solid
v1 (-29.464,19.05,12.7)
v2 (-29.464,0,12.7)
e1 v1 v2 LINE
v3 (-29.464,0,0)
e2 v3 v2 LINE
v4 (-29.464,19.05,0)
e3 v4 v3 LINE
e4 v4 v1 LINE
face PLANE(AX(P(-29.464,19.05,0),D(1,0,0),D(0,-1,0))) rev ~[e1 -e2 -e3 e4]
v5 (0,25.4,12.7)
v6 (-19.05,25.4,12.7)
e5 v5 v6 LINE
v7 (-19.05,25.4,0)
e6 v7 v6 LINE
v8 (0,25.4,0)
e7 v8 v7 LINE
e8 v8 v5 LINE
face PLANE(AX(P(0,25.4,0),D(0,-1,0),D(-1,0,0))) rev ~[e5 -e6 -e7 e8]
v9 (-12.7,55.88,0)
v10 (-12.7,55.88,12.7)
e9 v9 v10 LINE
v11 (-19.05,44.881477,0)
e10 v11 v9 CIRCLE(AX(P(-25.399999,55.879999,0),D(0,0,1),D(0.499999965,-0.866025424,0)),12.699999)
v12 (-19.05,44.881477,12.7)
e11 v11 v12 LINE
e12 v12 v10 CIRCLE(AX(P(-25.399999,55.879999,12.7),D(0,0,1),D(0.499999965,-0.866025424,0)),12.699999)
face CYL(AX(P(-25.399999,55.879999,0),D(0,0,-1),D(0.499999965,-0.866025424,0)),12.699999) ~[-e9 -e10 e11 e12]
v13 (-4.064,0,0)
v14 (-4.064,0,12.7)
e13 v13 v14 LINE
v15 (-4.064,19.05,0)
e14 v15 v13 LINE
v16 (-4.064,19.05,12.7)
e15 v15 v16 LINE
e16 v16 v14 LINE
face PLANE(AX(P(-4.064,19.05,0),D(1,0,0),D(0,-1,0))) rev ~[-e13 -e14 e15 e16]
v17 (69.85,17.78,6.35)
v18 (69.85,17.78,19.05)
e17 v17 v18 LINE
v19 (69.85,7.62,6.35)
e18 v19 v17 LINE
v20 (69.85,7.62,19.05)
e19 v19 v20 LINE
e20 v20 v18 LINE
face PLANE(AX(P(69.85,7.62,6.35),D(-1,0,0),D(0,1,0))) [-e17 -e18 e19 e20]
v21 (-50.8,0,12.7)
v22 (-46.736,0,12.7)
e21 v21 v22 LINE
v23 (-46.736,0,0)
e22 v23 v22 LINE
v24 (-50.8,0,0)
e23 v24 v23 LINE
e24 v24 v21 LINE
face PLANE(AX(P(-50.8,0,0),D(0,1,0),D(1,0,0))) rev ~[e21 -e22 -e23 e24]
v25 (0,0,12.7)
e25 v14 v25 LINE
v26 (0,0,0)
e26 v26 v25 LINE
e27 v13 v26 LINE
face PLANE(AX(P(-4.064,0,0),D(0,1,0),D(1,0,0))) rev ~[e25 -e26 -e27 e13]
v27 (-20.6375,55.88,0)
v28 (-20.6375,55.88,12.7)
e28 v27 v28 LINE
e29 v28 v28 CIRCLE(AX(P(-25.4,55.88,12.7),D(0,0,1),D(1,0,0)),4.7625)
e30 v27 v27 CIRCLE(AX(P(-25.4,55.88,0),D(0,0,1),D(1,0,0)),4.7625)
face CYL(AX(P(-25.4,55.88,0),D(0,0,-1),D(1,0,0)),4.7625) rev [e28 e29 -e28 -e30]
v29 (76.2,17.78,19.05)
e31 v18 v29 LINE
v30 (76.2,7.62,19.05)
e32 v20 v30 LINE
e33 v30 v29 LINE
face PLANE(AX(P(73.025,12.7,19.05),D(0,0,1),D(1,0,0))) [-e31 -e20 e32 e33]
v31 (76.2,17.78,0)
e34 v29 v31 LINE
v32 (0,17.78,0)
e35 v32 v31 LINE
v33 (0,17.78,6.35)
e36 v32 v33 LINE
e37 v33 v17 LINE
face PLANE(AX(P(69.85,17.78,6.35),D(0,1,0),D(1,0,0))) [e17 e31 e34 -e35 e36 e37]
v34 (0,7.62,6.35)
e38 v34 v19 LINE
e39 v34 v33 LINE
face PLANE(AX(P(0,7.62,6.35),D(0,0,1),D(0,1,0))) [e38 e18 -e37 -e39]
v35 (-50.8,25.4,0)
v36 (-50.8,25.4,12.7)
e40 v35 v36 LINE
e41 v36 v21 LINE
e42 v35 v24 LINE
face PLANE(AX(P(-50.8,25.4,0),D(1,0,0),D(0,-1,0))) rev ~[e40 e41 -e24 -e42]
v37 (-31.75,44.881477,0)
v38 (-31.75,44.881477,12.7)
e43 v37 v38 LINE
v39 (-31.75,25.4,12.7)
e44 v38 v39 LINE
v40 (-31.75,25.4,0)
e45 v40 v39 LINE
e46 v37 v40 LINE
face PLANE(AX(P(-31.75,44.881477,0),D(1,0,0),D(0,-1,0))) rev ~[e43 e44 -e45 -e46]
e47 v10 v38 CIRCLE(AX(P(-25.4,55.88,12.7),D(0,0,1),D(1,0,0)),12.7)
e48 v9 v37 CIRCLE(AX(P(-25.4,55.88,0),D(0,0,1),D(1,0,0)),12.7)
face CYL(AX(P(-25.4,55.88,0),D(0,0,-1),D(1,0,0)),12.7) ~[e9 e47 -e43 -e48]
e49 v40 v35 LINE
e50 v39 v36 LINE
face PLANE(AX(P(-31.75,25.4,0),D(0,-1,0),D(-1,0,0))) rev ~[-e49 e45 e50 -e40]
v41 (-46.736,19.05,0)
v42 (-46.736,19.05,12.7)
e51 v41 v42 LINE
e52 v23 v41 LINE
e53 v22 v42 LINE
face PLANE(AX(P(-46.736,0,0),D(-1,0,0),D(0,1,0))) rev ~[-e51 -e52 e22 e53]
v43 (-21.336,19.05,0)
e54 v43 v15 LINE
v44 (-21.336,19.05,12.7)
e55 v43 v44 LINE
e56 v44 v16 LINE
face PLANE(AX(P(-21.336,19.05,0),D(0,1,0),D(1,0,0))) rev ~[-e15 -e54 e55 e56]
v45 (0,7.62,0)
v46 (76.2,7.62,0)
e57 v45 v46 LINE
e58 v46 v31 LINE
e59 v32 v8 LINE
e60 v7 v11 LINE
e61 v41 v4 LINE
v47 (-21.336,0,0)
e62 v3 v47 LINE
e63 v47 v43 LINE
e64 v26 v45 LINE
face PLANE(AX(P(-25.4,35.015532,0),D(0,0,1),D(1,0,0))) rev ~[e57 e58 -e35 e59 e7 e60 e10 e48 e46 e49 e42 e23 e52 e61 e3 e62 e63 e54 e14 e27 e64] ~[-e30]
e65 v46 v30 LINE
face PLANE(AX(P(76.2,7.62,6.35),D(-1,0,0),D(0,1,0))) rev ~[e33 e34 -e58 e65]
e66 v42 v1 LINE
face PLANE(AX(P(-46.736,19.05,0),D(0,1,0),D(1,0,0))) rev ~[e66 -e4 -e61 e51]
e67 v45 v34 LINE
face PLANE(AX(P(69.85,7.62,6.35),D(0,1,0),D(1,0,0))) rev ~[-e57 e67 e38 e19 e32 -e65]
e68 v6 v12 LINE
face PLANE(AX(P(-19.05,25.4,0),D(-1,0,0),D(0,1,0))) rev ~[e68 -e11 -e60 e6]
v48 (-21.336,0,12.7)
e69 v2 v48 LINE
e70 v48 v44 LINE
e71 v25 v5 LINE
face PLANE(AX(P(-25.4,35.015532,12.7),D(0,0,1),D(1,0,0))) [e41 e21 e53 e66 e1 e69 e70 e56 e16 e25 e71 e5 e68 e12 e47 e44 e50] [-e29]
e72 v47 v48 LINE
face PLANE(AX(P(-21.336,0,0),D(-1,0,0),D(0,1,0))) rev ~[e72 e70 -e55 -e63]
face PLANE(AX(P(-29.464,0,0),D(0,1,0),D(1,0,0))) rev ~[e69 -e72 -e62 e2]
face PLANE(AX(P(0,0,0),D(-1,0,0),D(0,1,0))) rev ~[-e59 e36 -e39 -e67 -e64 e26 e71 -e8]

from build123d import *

# Parameters (mm, degrees)
F0_R     = 4.7625
F1_DEPTH = 12.7
F2_W     = 10.16
F2_H     = 6.35
F3_DEPTH = 76.2
F4_W     = 6.35
F4_H     = 10.16
F5_DEPTH = 12.7


with BuildPart() as f1:
    # F0 (on Top) → F1 (new body)
    with BuildSketch(Plane.XY):
        with BuildLine():
            Line((-31.75, 44.881477), (-31.75, 25.4))
            Line((-31.75, 25.4), (-19.05, 25.4))
            Line((-19.05, 25.4), (-19.05, 44.881477))
            ThreePointArc((-19.05, 44.881477), (-25.4, 43.18), (-31.75, 44.881477))
        make_face()
        with BuildLine():
            ThreePointArc((-12.7, 55.88), (-31.75, 66.878523), (-31.75, 44.881477))
            ThreePointArc((-31.75, 44.881477), (-25.4, 43.18), (-19.05, 44.881477))
            ThreePointArc((-19.05, 44.881477), (-14.401477, 49.53), (-12.7, 55.88))
        make_face()
        with Locations((-25.4, 55.88)):
            Circle(F0_R, mode=Mode.SUBTRACT)
        Polygon((-50.8, 25.4), (-50.8, 0), (-46.736, 0), (-46.736, 19.05), (-29.464, 19.05), (-29.464, 0), (-21.336, 0), (-21.336, 19.05), (-4.064, 19.05), (-4.064, 0), (0, 0), (0, 25.4), (-19.05, 25.4), (-31.75, 25.4), align=None)
    extrude(amount=F1_DEPTH)

    # F2 (on face) → F3 (join)
    with BuildSketch(Plane.YZ):
        with Locations((12.7, 3.175)):
            Rectangle(F2_W, F2_H)
    extrude(amount=F3_DEPTH)

    # F4 (on face) → F5 (join)
    with BuildSketch(Plane.XY.offset(6.35)):
        with Locations((73.025, 12.7)):
            Rectangle(F4_W, F4_H)
    extrude(amount=F5_DEPTH)


solid = f1.part
